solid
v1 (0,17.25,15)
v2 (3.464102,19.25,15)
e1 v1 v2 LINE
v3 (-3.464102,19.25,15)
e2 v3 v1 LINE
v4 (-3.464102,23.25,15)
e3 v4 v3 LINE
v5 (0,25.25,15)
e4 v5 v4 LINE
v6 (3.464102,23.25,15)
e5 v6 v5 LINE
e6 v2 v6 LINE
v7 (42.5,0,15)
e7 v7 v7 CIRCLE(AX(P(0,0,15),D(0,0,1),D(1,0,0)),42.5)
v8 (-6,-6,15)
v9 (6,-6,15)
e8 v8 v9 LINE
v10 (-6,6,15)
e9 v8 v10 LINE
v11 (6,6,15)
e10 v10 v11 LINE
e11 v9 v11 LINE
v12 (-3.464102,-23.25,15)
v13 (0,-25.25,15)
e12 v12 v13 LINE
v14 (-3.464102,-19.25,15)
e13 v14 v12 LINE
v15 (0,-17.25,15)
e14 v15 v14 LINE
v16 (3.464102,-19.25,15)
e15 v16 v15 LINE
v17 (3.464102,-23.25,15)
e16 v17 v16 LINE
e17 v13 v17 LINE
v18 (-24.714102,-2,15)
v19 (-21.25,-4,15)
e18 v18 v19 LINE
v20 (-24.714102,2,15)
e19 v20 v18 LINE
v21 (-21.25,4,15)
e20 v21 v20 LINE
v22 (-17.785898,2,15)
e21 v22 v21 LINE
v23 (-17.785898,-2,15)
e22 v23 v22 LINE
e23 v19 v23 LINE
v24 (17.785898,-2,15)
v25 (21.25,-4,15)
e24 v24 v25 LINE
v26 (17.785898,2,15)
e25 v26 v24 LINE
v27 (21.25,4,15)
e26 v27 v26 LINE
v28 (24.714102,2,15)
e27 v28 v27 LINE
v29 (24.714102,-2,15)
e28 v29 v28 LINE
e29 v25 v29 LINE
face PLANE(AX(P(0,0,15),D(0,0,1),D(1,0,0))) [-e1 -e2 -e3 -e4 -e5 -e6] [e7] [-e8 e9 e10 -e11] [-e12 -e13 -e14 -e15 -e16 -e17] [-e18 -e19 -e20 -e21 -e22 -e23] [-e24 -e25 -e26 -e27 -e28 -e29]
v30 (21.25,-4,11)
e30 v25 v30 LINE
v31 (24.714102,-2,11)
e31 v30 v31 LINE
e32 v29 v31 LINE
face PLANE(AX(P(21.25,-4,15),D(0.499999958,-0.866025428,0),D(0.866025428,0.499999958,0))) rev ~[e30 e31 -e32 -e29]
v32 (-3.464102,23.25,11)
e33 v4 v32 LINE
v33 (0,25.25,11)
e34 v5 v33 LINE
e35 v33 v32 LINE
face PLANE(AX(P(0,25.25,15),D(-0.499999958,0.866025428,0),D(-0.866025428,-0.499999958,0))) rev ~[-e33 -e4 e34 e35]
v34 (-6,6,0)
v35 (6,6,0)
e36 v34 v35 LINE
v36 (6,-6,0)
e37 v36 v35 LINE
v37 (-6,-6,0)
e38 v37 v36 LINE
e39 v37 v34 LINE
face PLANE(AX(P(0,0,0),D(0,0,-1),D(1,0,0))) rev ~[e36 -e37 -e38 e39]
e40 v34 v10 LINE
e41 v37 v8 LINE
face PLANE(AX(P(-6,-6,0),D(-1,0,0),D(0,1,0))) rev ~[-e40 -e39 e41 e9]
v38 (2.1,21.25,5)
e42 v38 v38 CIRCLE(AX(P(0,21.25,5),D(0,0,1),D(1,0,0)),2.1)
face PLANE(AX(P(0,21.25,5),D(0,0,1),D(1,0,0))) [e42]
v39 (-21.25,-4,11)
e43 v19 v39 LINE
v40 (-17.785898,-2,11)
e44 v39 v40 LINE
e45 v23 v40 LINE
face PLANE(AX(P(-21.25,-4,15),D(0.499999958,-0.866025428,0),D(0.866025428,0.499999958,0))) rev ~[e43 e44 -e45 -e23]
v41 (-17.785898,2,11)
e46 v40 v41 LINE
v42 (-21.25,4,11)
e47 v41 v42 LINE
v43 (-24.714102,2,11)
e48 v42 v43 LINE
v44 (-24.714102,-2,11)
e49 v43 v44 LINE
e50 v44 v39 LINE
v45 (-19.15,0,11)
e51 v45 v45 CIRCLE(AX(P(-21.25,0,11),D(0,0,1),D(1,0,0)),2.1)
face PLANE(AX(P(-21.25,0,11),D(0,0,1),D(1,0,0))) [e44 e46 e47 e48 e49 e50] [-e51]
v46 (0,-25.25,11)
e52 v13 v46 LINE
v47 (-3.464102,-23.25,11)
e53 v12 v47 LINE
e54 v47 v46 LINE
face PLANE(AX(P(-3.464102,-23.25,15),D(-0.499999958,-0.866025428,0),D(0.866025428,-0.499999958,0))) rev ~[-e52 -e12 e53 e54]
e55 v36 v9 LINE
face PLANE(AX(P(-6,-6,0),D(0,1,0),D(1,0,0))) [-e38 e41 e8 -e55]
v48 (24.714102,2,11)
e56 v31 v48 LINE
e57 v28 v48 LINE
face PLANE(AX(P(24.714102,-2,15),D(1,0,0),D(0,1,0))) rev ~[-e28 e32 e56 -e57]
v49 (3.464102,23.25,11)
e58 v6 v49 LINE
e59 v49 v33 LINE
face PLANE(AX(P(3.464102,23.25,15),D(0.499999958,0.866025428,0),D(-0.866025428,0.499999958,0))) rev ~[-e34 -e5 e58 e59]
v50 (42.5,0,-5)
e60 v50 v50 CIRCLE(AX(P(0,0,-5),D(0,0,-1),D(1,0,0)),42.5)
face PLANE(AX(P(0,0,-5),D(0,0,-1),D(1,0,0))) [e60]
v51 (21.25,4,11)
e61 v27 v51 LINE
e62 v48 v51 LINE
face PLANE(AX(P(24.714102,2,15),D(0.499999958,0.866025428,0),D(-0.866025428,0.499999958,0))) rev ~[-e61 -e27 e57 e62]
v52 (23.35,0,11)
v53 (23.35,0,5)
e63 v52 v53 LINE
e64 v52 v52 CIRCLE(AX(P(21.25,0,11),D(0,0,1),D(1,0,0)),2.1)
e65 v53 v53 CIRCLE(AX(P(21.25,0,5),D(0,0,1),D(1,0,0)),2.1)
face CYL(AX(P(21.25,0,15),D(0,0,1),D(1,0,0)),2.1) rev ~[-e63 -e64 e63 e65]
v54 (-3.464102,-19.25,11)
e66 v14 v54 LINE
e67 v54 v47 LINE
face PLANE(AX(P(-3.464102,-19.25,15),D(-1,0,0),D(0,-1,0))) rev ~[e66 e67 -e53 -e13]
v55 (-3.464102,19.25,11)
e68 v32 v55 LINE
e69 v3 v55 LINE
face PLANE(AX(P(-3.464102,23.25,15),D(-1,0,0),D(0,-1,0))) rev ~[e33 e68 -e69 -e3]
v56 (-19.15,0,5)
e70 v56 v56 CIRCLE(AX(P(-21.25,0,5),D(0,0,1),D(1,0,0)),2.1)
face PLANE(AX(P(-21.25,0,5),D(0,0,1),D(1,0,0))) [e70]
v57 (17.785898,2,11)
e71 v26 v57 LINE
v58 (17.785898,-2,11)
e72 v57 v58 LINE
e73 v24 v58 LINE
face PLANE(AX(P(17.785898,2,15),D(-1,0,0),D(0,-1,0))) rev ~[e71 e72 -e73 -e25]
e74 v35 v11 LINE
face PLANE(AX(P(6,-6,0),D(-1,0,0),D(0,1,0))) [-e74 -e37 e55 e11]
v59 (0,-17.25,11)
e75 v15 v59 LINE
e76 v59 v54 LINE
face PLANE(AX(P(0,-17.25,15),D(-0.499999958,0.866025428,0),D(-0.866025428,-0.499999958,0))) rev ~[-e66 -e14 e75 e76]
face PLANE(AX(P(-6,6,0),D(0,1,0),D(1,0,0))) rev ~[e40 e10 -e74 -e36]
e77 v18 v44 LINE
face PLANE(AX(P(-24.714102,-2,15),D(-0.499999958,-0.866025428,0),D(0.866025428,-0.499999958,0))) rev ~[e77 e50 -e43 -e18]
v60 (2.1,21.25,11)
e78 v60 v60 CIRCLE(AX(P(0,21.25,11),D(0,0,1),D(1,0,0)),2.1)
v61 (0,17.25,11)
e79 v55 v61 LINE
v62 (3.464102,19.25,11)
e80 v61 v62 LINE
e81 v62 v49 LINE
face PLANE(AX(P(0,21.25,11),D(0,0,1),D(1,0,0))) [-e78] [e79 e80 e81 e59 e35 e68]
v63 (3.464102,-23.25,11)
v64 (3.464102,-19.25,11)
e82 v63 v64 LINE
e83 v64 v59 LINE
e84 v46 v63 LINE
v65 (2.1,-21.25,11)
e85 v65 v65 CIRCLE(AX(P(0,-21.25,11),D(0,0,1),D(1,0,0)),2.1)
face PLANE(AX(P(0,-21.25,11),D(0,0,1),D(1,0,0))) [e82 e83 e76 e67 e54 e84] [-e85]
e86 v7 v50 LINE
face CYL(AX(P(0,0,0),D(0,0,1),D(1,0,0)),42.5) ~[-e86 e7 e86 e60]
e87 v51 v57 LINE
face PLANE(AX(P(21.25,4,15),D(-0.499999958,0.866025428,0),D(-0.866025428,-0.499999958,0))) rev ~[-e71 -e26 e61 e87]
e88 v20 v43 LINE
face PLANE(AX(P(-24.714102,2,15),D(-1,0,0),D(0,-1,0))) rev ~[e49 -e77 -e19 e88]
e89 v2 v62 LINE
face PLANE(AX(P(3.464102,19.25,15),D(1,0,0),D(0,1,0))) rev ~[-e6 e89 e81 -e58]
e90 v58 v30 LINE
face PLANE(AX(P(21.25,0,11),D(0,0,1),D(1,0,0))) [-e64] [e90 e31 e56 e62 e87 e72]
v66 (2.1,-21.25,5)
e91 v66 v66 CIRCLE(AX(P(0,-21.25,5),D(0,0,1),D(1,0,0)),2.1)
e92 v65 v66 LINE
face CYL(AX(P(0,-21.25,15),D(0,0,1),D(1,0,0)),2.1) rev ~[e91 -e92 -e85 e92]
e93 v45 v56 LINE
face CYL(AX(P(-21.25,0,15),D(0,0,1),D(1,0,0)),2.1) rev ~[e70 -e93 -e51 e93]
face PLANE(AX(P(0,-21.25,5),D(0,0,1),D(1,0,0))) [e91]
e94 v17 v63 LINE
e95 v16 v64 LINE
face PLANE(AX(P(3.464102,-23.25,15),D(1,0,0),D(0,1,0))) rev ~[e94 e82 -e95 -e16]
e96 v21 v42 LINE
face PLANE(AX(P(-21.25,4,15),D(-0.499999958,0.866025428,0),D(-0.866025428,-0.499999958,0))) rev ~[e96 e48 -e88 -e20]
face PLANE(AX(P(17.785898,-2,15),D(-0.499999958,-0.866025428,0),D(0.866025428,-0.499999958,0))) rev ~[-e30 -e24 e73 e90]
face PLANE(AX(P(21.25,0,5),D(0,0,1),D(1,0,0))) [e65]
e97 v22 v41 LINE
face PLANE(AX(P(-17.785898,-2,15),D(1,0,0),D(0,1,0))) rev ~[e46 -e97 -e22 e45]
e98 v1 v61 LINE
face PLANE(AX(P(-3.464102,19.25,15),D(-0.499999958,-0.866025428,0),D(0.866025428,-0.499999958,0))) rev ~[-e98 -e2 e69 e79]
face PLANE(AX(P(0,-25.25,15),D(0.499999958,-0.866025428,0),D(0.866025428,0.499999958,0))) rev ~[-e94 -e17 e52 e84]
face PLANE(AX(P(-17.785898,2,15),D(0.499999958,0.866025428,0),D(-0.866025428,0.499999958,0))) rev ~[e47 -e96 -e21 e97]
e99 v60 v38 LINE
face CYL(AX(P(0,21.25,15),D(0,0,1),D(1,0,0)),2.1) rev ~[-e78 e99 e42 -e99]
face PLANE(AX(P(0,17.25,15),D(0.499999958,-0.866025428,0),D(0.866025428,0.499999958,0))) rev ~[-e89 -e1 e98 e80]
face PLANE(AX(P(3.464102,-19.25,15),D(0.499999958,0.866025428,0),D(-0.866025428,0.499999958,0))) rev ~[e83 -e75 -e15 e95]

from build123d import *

# Parameters (mm, degrees)
F0_R     = 42.5
F0_W     = 12
F0_H     = 12
F1_DEPTH = 15
F2_R     = 42.5
F3_DEPTH = 5
F4_R     = 2.1
F5_DEPTH = 10
F7_DEPTH = 4


with BuildPart() as f1:
    # F0 (on Top) → F1 (new body)
    with BuildSketch(Plane.XY):
        Circle(F0_R)
        Rectangle(F0_W, F0_H, mode=Mode.SUBTRACT)
    extrude(amount=F1_DEPTH)

    # F2 (on face) → F3 (join)
    with BuildSketch(Plane(origin=(0, 0, 0), x_dir=(1, 0, 0), z_dir=(0, 0, -1))):
        Circle(F2_R)
    extrude(amount=F3_DEPTH)

    # F4 (on face) → F5 (cut)
    with BuildSketch(Plane.XY.offset(15)):
        with Locations((-21.25, 0)):
            Circle(F4_R)
        with Locations((0, 21.25)):
            Circle(F4_R)
        with Locations((21.25, 0)):
            Circle(F4_R)
        with Locations((0, -21.25)):
            Circle(F4_R)
    extrude(amount=-F5_DEPTH, mode=Mode.SUBTRACT)

    # F6 (on face) → F7 (cut)
    with BuildSketch(Plane.XY.offset(15)):
        Polygon((-24.714102, 2), (-24.714102, -2), (-21.25, -4), (-17.785898, -2), (-17.785898, 2), (-21.25, 4), align=None)
        Polygon((-3.464102, 23.25), (-3.464102, 19.25), (0, 17.25), (3.464102, 19.25), (3.464102, 23.25), (0, 25.25), align=None)
        Polygon((17.785898, 2), (17.785898, -2), (21.25, -4), (24.714102, -2), (24.714102, 2), (21.25, 4), align=None)
        Polygon((-3.464102, -19.25), (-3.464102, -23.25), (0, -25.25), (3.464102, -23.25), (3.464102, -19.25), (0, -17.25), align=None)
    extrude(amount=-F7_DEPTH, mode=Mode.SUBTRACT)


solid = f1.part
